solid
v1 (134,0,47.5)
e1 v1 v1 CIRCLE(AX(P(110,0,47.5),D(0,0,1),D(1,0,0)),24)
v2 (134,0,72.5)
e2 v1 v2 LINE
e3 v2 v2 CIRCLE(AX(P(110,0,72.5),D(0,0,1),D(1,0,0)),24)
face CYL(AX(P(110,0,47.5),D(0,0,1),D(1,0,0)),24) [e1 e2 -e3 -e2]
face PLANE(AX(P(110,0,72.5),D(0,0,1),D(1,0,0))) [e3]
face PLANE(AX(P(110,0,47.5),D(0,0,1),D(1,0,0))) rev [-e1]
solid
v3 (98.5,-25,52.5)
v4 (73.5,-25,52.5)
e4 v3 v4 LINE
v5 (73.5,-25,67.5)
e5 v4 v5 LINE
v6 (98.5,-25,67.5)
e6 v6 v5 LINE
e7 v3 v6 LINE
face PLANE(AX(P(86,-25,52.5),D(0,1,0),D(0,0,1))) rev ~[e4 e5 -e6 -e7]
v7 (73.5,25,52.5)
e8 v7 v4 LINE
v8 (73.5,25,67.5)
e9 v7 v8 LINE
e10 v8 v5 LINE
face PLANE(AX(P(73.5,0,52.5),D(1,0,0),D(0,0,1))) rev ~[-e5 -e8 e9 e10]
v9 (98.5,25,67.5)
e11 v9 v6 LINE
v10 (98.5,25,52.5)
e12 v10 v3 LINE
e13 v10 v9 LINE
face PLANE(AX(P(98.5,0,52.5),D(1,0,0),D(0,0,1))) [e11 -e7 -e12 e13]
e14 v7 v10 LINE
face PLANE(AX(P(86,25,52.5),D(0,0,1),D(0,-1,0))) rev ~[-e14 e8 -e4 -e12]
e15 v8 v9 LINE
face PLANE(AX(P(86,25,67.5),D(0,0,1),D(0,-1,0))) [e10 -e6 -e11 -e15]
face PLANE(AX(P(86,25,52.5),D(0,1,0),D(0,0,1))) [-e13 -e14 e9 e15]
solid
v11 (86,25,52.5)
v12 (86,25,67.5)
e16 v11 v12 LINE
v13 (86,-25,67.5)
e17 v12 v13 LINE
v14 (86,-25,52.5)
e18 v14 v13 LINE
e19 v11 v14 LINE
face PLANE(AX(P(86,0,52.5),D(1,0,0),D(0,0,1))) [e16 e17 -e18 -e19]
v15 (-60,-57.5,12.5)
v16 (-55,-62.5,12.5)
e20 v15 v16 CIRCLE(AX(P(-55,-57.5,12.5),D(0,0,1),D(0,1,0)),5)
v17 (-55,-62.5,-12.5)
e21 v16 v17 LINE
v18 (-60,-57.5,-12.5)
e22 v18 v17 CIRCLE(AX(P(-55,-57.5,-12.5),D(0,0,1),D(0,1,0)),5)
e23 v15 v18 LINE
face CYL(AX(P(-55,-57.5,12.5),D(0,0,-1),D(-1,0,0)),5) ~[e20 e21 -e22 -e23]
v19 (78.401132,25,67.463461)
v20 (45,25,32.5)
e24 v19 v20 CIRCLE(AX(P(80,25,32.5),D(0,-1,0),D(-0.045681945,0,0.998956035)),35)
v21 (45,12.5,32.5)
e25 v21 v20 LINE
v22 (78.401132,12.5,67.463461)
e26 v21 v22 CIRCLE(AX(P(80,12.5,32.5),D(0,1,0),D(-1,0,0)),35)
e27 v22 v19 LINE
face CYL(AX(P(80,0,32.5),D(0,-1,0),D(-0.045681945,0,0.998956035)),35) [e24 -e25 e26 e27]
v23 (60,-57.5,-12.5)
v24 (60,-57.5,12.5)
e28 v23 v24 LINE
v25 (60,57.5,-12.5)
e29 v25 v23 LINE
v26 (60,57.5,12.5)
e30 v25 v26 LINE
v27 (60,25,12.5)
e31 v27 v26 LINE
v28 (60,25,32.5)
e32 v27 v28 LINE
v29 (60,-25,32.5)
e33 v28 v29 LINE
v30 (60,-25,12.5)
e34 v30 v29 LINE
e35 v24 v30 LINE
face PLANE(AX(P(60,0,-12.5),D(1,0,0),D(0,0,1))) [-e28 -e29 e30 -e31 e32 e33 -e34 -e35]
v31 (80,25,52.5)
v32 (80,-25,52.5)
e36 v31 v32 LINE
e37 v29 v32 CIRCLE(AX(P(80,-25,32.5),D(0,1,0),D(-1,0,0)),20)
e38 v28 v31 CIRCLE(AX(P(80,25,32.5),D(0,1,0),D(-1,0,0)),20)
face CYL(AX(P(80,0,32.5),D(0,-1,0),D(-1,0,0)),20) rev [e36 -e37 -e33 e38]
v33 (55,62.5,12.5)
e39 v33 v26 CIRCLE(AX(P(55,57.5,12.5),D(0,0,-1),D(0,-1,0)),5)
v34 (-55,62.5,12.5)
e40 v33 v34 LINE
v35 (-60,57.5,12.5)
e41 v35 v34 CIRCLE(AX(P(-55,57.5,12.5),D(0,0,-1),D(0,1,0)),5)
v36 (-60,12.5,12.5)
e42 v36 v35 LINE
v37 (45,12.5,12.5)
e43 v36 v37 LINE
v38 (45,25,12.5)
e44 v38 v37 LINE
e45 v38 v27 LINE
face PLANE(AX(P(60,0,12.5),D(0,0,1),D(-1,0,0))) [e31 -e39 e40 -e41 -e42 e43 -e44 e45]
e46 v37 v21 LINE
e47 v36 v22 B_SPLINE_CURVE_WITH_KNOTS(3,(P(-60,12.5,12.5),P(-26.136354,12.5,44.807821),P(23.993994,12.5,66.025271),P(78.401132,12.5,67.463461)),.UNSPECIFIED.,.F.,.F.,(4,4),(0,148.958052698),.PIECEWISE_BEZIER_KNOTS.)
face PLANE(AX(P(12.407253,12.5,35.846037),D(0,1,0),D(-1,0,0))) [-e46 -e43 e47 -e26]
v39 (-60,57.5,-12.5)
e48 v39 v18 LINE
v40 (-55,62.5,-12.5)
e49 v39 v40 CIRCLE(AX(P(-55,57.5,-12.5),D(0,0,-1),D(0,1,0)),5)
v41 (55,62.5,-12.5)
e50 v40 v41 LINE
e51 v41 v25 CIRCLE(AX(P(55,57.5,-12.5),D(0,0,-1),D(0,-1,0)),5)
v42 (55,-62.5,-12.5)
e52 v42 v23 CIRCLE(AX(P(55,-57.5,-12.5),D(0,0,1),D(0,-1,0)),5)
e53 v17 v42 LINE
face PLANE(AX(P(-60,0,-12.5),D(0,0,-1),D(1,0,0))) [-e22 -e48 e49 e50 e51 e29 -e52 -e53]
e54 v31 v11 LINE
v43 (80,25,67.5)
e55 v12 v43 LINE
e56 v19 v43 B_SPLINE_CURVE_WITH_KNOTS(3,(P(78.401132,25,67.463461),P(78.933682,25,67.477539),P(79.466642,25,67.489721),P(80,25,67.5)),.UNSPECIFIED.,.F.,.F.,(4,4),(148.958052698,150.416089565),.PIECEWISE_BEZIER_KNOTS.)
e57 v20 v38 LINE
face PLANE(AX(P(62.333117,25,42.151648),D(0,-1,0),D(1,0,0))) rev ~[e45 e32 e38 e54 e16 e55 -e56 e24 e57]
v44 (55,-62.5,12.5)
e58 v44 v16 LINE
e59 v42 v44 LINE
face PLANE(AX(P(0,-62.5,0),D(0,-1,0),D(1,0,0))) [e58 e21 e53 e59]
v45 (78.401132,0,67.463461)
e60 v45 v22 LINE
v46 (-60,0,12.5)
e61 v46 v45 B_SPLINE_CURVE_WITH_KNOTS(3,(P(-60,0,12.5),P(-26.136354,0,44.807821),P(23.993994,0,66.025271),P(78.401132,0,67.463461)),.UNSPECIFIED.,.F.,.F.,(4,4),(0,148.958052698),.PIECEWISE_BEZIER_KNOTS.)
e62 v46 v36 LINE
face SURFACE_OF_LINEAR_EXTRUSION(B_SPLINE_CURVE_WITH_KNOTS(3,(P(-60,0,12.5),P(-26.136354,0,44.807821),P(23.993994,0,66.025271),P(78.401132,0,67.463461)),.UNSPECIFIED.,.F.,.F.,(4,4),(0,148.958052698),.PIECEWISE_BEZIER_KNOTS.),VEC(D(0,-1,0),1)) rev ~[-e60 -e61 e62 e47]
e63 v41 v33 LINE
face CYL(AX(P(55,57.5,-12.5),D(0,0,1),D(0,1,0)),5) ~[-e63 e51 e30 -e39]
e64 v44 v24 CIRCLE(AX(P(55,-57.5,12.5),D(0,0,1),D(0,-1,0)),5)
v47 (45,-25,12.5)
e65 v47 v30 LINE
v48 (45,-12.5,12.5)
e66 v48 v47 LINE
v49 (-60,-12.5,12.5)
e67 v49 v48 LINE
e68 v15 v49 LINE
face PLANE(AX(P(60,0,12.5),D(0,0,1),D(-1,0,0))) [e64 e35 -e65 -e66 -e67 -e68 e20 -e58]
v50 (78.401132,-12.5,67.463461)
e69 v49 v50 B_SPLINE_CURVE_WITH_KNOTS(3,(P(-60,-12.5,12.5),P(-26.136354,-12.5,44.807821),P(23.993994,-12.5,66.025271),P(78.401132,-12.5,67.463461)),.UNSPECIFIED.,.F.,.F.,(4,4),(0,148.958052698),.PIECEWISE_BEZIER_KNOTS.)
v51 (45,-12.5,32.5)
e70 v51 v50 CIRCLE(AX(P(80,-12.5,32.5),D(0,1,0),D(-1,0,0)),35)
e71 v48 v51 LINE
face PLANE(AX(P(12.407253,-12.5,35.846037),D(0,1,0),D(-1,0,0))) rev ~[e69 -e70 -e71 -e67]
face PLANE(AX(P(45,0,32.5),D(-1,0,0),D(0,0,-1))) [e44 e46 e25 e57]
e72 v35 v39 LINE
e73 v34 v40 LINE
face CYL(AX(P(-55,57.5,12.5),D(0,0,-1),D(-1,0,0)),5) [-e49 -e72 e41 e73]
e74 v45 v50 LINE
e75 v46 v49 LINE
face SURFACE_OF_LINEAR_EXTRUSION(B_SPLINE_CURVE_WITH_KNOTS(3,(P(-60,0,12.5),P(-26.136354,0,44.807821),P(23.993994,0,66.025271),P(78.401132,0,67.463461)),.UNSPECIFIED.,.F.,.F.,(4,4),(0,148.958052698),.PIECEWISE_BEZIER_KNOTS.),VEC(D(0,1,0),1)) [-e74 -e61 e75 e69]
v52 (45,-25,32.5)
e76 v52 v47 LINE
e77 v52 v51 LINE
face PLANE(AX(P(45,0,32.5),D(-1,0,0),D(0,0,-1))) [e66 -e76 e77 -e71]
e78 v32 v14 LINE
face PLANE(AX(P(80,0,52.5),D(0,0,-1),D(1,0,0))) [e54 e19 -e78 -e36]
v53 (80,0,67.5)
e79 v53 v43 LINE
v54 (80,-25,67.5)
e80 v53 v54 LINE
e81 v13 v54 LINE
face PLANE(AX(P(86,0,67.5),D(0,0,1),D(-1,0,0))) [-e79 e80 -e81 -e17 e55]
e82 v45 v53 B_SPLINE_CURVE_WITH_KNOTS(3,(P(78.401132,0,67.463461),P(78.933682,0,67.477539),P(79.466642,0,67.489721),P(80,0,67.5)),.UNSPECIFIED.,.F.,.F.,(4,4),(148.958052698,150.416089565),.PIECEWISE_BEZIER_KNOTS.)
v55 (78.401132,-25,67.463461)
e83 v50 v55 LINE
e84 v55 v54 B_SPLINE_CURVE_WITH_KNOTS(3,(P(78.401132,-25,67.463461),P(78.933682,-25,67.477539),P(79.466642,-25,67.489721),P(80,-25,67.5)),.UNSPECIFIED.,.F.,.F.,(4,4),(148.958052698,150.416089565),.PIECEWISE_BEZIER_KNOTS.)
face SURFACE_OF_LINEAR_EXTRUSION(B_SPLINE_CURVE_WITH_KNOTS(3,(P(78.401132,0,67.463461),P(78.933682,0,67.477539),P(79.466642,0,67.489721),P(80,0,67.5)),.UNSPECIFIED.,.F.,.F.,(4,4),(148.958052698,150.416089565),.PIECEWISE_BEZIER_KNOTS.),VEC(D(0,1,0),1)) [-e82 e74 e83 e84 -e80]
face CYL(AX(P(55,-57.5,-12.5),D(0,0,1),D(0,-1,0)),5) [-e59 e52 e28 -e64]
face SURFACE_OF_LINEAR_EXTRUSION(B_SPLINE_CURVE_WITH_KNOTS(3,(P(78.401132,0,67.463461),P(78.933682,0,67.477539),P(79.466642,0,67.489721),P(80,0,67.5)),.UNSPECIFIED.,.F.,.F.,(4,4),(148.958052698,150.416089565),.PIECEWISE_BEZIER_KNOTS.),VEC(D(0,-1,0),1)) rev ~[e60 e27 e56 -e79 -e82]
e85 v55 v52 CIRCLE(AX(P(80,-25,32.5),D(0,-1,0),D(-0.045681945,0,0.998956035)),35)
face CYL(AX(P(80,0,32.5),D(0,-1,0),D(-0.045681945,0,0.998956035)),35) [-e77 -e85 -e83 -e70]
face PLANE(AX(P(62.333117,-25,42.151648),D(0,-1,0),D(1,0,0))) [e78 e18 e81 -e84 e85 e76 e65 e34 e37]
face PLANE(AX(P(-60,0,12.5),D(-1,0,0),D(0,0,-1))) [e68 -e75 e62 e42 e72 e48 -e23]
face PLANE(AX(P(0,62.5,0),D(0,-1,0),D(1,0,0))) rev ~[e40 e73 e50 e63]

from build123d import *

# Parameters (mm, degrees)
F1_DEPTH = 62.5
F2_DEPTH = 25
F3_DEPTH = 12.5
F5_R     = 5
F6_DEPTH = 12.5


with BuildPart() as f1:
    # F0 (on Front) → F1 (new body, symmetric)
    with BuildSketch(Plane.XZ):
        Polygon((45, 12.5), (-60, 12.5), (-60, -12.5), (60, -12.5), (60, 12.5), align=None)
    extrude(amount=F1_DEPTH, both=True)

    # F0 (on Front) → F2 (join, symmetric)
    with BuildSketch(Plane.XZ):
        with BuildLine():
            Line((45, 32.5), (45, 12.5))
            Line((45, 12.5), (60, 12.5))
            Line((60, 12.5), (60, 32.5))
            ThreePointArc((60, 32.5), (65.8578643763, 46.6421356237), (80, 52.5))
            Line((80, 52.5), (86, 52.5))
            Line((86, 52.5), (86, 67.5))
            Line((86, 67.5), (80, 67.5))
            add(Edge.make_bspline(
                [(78.4011319241, 67.4634612256), (78.9336819399, 67.4775385762), (79.4666417132, 67.4897208838), (80, 67.5)],
                knots=[148.9580526978, 148.9580526978, 148.9580526978, 148.9580526978, 150.4160895649, 150.4160895649, 150.4160895649, 150.4160895649], degree=3))
            ThreePointArc((78.4011319241, 67.4634612256), (54.6922898837, 56.676844473), (45, 32.5))
        make_face()
    extrude(amount=F2_DEPTH, both=True)

    # F0 (on Front) → F3 (join, symmetric)
    with BuildSketch(Plane.XZ):
        with BuildLine():
            add(Edge.make_bspline(
                [(-60, 12.5), (-26.1363538837, 44.8078210398), (23.9939937369, 66.0252707529), (78.4011319241, 67.4634612256)],
                knots=[0, 0, 0, 0, 148.9580526978, 148.9580526978, 148.9580526978, 148.9580526978], degree=3))
            Line((-60, 12.5), (45, 12.5))
            Line((45, 12.5), (45, 32.5))
            ThreePointArc((45, 32.5), (54.6922898837, 56.676844473), (78.4011319241, 67.4634612256))
        make_face()
    extrude(amount=F3_DEPTH, both=True)

    # F5
    f5_edges = [f1.edges().sort_by_distance(p)[0] for p in [
        (-60, -62.5, 0),
        (60, -62.5, 0),
        (60, 62.5, 0),
        (-60, 62.5, 0),
    ]]
    fillet(f5_edges, radius=F5_R)


with BuildPart() as f4:
    # F0 (on Front) → F4 (revolve)
    with BuildSketch(Plane.XZ):
        Polygon((110, 72.5), (110, 67.5), (110, 52.5), (110, 47.5), (134, 47.5), (134, 72.5), align=None)
    revolve(axis=Axis((110, 0, 60), (0, 0, 1)))


with BuildPart() as f6:
    # F6 (new, symmetric): a face of the model
    f6_faces = [f1.part.faces().sort_by_distance(p)[0] for p in [
        (86, 0, 60),
    ]]
    extrude(f6_faces, amount=F6_DEPTH, both=True)


solid = Compound([f1.part, f4.part, f6.part])
